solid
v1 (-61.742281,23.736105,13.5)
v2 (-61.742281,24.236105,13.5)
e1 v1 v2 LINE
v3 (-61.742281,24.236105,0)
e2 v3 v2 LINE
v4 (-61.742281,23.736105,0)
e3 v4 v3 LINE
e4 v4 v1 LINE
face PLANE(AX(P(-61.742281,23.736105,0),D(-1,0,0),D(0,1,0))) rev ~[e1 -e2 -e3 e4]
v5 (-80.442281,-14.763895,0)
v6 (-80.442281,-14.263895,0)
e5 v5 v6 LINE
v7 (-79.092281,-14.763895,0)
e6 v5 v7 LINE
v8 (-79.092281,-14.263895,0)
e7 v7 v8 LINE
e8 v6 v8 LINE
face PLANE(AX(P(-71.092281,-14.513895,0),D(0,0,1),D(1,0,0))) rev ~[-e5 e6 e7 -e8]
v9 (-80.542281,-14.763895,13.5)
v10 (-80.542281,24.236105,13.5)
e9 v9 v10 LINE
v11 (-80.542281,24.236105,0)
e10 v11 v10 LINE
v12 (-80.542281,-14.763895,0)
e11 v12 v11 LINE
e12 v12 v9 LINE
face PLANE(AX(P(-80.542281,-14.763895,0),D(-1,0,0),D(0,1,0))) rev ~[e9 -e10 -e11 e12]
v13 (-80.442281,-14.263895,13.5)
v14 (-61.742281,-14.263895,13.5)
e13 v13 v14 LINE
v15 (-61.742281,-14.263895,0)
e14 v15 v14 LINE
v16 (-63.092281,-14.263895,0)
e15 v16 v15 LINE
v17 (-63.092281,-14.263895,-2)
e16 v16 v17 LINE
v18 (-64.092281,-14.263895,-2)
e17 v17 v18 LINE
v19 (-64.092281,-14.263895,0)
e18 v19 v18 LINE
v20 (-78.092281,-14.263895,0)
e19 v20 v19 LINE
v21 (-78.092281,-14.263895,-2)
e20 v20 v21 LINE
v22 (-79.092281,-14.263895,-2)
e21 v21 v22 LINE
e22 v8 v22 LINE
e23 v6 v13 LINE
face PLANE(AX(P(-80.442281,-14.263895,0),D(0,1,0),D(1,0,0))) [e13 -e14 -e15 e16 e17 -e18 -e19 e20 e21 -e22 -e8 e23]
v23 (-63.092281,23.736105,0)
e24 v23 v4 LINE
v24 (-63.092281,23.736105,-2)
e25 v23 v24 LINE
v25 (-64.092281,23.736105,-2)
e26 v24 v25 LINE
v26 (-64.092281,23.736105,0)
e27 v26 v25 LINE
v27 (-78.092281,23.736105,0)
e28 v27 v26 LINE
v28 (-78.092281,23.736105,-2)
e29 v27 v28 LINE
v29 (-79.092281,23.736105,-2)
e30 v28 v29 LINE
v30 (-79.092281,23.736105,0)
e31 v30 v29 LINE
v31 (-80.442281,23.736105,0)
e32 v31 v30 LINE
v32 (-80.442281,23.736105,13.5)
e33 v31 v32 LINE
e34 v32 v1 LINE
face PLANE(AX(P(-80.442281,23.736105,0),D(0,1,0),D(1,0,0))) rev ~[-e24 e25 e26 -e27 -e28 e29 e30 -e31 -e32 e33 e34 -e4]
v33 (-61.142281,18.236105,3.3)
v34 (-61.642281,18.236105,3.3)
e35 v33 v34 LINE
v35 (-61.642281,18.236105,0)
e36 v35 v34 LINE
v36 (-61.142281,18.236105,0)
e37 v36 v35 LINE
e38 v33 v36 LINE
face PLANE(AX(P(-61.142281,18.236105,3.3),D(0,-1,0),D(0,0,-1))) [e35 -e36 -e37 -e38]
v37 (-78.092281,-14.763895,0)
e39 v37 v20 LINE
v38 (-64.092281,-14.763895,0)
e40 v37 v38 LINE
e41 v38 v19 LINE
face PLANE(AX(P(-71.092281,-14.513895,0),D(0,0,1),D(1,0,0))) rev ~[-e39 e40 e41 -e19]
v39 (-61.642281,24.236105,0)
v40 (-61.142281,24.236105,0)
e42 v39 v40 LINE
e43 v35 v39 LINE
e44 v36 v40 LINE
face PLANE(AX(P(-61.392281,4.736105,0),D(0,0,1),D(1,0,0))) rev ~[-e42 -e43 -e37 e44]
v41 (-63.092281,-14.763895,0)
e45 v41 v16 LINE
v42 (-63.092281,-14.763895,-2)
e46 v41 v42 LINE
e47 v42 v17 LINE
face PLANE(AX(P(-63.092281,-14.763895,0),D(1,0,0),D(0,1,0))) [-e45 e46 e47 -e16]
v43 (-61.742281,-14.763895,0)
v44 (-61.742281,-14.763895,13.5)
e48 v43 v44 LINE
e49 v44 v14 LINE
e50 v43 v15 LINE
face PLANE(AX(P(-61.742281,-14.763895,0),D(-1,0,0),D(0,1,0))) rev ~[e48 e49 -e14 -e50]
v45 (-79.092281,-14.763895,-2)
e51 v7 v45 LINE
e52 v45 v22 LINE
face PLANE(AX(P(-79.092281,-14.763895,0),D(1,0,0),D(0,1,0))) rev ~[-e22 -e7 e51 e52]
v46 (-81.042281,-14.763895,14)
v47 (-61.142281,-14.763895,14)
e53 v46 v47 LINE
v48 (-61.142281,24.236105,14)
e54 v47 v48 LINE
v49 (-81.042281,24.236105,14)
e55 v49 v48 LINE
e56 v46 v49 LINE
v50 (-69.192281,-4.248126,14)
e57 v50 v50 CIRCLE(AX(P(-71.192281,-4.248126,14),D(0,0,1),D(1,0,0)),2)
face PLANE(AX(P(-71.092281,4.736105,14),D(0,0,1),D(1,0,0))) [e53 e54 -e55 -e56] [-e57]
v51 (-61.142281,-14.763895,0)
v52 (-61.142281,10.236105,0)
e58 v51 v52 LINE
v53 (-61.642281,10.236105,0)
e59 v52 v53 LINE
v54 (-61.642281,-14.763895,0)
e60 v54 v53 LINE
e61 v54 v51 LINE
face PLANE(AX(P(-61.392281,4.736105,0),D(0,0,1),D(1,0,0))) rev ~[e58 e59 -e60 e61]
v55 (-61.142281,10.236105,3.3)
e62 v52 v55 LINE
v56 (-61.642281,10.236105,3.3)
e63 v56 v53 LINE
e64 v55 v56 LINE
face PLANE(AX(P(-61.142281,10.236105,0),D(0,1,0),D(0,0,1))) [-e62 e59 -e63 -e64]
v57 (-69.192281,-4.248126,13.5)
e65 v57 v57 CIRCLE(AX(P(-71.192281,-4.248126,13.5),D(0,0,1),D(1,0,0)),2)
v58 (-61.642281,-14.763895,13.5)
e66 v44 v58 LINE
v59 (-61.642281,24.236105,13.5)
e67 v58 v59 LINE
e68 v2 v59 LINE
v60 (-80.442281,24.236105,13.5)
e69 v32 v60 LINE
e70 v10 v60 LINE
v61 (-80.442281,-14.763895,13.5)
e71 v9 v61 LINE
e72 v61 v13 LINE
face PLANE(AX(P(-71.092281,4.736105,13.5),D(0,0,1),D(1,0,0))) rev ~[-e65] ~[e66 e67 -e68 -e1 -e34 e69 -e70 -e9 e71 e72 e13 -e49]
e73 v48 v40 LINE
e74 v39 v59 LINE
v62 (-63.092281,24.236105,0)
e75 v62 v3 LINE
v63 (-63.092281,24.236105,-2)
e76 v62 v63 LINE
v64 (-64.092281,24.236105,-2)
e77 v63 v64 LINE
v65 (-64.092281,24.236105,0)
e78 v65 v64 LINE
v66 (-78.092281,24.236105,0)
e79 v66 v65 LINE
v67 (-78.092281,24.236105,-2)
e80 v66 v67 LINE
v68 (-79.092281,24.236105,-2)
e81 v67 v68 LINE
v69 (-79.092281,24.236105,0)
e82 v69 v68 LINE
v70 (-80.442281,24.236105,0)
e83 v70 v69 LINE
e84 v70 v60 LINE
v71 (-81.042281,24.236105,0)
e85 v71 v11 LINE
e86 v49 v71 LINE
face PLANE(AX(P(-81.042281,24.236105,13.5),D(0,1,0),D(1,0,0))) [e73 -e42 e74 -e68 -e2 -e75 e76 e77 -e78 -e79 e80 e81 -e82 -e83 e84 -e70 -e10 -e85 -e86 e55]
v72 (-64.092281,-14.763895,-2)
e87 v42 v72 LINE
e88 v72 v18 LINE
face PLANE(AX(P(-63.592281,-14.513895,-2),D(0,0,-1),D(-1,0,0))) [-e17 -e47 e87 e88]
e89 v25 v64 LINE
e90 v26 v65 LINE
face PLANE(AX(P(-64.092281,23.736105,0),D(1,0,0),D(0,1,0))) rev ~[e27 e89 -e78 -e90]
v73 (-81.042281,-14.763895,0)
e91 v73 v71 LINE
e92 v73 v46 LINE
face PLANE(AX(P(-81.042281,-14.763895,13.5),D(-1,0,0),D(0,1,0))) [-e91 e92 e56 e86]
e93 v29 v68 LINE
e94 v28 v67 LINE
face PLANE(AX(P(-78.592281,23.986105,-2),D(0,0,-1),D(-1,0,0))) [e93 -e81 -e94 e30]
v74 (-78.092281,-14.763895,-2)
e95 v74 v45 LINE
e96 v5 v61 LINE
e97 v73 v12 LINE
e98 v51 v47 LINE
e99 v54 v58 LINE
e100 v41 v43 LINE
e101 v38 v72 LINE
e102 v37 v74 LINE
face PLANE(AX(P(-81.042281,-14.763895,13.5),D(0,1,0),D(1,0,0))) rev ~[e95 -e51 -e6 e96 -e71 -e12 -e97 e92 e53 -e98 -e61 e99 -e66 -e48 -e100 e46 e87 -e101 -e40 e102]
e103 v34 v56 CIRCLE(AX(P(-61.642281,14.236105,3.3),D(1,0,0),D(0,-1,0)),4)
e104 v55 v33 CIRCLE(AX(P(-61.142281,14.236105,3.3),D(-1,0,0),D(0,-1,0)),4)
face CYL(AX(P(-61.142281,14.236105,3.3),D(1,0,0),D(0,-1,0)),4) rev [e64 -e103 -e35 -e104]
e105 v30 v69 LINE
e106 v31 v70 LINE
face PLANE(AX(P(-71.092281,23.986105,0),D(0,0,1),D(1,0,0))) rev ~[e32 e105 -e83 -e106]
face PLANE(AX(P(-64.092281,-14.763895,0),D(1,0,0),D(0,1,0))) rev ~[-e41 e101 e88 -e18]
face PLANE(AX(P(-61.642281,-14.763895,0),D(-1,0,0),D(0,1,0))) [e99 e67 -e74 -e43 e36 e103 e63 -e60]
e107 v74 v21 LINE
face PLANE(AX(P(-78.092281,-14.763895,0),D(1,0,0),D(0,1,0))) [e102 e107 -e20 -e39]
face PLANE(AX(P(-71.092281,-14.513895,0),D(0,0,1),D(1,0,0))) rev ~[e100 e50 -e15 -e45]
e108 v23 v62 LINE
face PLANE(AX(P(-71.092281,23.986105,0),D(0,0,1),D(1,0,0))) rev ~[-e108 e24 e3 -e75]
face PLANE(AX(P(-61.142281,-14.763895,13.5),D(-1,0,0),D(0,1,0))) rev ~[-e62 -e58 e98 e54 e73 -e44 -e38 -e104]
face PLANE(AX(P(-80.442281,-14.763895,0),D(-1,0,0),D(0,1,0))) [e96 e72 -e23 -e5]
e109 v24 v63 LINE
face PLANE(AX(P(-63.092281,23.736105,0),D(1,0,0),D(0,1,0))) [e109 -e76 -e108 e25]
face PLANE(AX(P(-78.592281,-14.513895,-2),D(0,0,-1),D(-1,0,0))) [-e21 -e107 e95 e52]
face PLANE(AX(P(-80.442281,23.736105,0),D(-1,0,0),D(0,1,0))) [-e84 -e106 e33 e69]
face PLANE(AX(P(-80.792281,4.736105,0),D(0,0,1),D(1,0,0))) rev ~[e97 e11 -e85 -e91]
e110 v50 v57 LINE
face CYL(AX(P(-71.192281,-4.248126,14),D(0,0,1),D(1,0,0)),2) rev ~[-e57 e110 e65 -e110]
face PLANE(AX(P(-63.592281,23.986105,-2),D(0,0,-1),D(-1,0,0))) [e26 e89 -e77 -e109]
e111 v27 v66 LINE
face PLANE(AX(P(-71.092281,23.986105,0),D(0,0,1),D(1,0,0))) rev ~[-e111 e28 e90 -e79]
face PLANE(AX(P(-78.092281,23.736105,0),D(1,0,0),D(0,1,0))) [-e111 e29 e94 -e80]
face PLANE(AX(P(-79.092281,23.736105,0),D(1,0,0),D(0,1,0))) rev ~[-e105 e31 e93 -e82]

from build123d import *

# Parameters (mm, degrees)
ESQUISSE1_W             = 0.5
ESQUISSE1_H             = 39
EXTRUSION1_DEPTH        = 13.5
ESQUISSE1_W_2           = 18.7
ESQUISSE1_H_2           = 0.5
EXTRUSION1_2_DEPTH      = 13.5
EXTRUSION1_3_DEPTH      = 13.5
EXTRUSION1_4_DEPTH      = 13.5
ESQUISSE2_W             = 19.9
ESQUISSE2_H             = 39
EXTRUSION2_DEPTH        = 0.5
ENL_V_MAT_EXTRU_1_DEPTH = 10
ESQUISSE4_W             = 1
ESQUISSE4_H             = 0.5
EXTRUSION3_DEPTH        = 2
ESQUISSE5_R             = 2
ENL_V_MAT_EXTRU_2_DEPTH = 2


with BuildPart() as part:
    # Esquisse1 → Extrusion1 (new body)
    with BuildSketch(Plane.XY):
        with Locations((-80.79228109, 4.736105473)):
            Rectangle(ESQUISSE1_W, ESQUISSE1_H)
    extrude(amount=EXTRUSION1_DEPTH)



with BuildPart() as body_2:
    # Esquisse1 → Extrusion1 2 (new body)
    with BuildSketch(Plane.XY):
        with Locations((-71.09228109, 23.986105473)):
            Rectangle(ESQUISSE1_W_2, ESQUISSE1_H_2)
    extrude(amount=EXTRUSION1_2_DEPTH)


with BuildPart() as body_3:
    # Esquisse1 → Extrusion1 3 (new body)
    with BuildSketch(Plane.XY):
        with Locations((-61.39228109, 4.736105473)):
            Rectangle(ESQUISSE1_W, ESQUISSE1_H)
    extrude(amount=EXTRUSION1_3_DEPTH)


with BuildPart() as body_4:
    # Esquisse1 → Extrusion1 4 (new body)
    with BuildSketch(Plane.XY):
        with Locations((-71.09228109, -14.513894527)):
            Rectangle(ESQUISSE1_W_2, ESQUISSE1_H_2)
    extrude(amount=EXTRUSION1_4_DEPTH)


with BuildPart() as part_1:
    add(part.part)

    add(body_2.part)  # Extrusion2 merges body 2

    add(body_3.part)  # Extrusion2 merges body 3

    add(body_4.part)  # Extrusion2 merges body 4
    # Esquisse2 → Extrusion2 (add)
    with BuildSketch(Plane.XY.offset(13.5)):
        with Locations((-71.09228109, 4.736105473)):
            Rectangle(ESQUISSE2_W, ESQUISSE2_H)
    extrude(amount=EXTRUSION2_DEPTH)

    # Esquisse3 → Enlèv. mat.-Extru.1 (cut)
    with BuildSketch(Plane(origin=(-61.14228109, 0, 0), x_dir=(0, 0, -1), z_dir=(1, 0, 0))):
        with BuildLine():
            Line((0, 18.236105473), (0, 10.236105473))
            Line((0, 10.236105473), (-3.3, 10.236105473))
            ThreePointArc((-3.3, 10.236105473), (-7.3, 14.236105473), (-3.3, 18.236105473))
            Line((-3.3, 18.236105473), (0, 18.236105473))
        make_face()
    extrude(amount=-ENL_V_MAT_EXTRU_1_DEPTH, mode=Mode.SUBTRACT)

    # Esquisse4 → Extrusion3 (add)
    with BuildSketch(Plane(origin=(0, 0, 0), x_dir=(-1, 0, 0), z_dir=(0, 0, -1))):
        with Locations((63.59228109, 23.986105473)):
            Rectangle(ESQUISSE4_W, ESQUISSE4_H)
        with Locations((78.59228109, 23.986105473)):
            Rectangle(ESQUISSE4_W, ESQUISSE4_H)
        with Locations((63.59228109, -14.513894527)):
            Rectangle(ESQUISSE4_W, ESQUISSE4_H)
        with Locations((78.59228109, -14.513894527)):
            Rectangle(ESQUISSE4_W, ESQUISSE4_H)
    extrude(amount=EXTRUSION3_DEPTH)

    # Esquisse5 → Enlèv. mat.-Extru.2 (cut)
    with BuildSketch(Plane.XY.offset(14)):
        with Locations((-71.19228109, -4.248125646)):
            Circle(ESQUISSE5_R)
    extrude(amount=-ENL_V_MAT_EXTRU_2_DEPTH, mode=Mode.SUBTRACT)


solid = part_1.part
